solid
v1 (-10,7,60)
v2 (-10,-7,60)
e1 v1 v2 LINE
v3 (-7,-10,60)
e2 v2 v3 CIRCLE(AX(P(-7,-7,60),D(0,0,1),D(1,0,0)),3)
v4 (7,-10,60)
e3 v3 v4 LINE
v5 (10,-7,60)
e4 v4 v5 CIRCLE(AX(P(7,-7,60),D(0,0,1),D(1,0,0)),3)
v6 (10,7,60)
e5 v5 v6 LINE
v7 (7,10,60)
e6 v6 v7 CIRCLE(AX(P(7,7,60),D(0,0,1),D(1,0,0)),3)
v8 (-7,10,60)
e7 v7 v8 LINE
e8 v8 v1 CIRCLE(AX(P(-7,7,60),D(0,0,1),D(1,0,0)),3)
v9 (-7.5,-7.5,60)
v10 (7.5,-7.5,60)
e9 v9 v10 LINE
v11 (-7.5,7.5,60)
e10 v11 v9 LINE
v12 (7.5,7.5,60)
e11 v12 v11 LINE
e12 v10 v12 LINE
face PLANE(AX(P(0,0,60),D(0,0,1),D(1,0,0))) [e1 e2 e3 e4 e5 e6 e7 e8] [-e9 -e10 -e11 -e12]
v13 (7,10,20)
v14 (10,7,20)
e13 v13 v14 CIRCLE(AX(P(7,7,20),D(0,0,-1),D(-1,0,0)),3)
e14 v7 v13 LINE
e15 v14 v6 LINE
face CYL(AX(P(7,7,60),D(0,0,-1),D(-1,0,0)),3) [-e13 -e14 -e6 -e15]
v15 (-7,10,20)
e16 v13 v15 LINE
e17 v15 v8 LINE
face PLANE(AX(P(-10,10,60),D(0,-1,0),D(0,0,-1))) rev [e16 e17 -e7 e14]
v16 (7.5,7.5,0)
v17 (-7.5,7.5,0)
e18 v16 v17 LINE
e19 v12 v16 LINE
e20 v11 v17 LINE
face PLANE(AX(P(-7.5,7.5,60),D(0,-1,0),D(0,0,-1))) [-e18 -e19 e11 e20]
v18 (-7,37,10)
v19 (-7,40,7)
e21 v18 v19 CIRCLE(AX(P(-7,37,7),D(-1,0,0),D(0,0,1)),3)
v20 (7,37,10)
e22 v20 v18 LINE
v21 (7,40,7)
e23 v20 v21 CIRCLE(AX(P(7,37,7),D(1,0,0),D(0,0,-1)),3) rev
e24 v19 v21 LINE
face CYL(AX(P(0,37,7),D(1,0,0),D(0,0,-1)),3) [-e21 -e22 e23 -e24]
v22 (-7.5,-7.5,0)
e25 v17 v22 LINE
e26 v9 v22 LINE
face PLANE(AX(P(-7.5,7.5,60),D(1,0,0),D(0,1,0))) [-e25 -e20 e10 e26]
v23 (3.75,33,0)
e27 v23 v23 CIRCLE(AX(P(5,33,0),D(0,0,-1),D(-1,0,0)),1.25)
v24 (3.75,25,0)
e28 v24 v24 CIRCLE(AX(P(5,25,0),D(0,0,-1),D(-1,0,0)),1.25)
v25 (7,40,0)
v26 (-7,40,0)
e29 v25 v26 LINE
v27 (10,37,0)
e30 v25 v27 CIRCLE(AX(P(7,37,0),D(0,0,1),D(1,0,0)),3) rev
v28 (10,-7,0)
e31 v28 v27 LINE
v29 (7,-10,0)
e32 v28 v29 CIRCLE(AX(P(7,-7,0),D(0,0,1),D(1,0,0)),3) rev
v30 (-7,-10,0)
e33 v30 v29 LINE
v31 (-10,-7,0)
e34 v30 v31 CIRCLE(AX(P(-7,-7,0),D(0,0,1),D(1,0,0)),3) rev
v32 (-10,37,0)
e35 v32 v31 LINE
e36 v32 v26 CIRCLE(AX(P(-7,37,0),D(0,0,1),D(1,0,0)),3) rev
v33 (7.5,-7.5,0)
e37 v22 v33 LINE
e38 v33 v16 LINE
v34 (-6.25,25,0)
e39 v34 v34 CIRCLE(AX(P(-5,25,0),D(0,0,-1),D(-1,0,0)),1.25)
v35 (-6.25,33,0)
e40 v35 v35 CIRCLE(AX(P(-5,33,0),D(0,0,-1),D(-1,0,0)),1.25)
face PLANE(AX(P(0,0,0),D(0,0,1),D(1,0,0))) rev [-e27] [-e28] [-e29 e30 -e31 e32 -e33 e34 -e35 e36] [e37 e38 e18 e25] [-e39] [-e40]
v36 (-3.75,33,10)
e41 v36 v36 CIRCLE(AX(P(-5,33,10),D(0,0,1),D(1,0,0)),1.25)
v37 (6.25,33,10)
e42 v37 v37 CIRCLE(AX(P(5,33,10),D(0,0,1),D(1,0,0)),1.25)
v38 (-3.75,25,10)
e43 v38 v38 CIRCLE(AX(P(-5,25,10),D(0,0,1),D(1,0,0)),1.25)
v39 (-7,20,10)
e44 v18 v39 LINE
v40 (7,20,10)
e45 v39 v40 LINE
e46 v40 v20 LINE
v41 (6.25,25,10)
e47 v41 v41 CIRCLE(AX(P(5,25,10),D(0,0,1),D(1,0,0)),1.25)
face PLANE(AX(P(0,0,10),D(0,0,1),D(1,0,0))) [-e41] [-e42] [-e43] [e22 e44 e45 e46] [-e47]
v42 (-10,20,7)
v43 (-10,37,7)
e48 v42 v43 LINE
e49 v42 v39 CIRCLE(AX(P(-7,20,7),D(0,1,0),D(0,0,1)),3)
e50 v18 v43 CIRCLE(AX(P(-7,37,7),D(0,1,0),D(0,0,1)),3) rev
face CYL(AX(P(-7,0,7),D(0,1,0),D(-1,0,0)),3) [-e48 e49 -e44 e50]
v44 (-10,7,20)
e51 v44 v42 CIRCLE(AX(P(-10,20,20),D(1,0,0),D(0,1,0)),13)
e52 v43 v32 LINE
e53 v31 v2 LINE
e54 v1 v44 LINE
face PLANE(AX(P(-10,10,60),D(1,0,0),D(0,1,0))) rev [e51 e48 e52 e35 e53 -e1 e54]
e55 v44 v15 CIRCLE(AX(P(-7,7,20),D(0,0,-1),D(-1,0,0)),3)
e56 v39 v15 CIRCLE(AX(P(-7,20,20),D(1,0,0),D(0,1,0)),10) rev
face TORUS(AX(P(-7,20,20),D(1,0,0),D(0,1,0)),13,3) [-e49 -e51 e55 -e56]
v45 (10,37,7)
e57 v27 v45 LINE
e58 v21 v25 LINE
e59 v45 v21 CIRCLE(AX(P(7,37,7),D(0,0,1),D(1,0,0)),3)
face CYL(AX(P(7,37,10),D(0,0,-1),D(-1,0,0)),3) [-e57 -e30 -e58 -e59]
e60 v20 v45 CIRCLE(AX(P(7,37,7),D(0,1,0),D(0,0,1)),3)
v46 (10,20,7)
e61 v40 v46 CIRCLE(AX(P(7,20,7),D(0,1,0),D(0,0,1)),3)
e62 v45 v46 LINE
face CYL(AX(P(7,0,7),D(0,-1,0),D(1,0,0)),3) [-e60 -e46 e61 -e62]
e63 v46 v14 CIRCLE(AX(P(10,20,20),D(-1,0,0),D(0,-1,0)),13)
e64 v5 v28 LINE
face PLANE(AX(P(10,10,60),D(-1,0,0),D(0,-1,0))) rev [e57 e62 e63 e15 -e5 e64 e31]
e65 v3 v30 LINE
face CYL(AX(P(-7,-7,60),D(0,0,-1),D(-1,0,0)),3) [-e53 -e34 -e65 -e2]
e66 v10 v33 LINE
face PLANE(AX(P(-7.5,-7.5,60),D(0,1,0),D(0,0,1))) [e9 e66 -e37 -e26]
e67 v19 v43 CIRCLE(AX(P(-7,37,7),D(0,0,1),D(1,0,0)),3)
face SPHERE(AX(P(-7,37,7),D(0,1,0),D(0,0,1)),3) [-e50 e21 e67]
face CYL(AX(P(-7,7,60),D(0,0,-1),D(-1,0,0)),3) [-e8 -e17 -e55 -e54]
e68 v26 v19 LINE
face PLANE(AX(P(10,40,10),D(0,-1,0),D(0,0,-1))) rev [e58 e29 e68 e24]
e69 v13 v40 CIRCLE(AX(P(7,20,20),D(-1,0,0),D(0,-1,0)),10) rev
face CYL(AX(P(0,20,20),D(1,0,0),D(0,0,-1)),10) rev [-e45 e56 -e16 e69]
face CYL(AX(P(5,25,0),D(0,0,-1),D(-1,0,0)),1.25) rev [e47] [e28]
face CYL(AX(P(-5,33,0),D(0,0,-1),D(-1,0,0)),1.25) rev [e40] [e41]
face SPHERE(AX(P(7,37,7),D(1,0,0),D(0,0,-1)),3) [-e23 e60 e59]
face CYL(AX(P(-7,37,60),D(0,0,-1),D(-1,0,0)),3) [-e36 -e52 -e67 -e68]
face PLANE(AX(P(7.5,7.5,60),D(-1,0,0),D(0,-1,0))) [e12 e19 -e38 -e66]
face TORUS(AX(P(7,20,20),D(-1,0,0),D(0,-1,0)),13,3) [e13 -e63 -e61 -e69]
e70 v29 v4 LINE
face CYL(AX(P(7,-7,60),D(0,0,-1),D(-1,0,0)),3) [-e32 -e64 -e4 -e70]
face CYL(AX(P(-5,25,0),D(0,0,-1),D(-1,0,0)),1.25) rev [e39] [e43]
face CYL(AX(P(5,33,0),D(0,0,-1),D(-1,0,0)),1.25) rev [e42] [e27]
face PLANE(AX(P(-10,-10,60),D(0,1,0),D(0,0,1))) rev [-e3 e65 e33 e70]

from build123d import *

# Parameters (mm, degrees)
SKETCH_4_W      = 20
SKETCH_4_H      = 20
SKETCH_4_W_2    = 15
SKETCH_4_H_2    = 15
EXTRUDE_3_DEPTH = 60
SKETCH_5_W      = 20
SKETCH_5_H      = 30
EXTRUDE_4_DEPTH = 10
M3X0_5_1_D      = 2.5
FILLET_1_R      = 10
FILLET_2_R      = 3
FILLET_3_R      = 3


with BuildPart() as part:
    # ｽｹｯﾁ4 → ﾎﾞｽ - 押し出し3 (new body)
    with BuildSketch(Plane.XY):
        Rectangle(SKETCH_4_W, SKETCH_4_H)
        Rectangle(SKETCH_4_W_2, SKETCH_4_H_2, mode=Mode.SUBTRACT)
    extrude(amount=EXTRUDE_3_DEPTH)

    # ｽｹｯﾁ5 → ﾎﾞｽ - 押し出し4 (add)
    with BuildSketch(Plane.XY):
        with Locations((0, 25)):
            Rectangle(SKETCH_5_W, SKETCH_5_H)
    extrude(amount=EXTRUDE_4_DEPTH)

    # M3x0.5 ねじ穴1 (through all)
    with Locations(Plane(origin=(0, 0, 0), x_dir=(-1, 0, 0), z_dir=(0, 0, -1))):
        with Locations((-5, 25), (-5, 33), (5, 33), (5, 25)):
            Hole(M3X0_5_1_D / 2)

    # ﾌｨﾚｯﾄ1
    fillet_1_edges = [part.edges().sort_by_distance(p)[0] for p in [
        (0, 10, 10),
    ]]
    fillet(fillet_1_edges, radius=FILLET_1_R)

    # ﾌｨﾚｯﾄ2
    fillet_2_edges = [part.edges().sort_by_distance(p)[0] for p in [
        (10, 40, 5),
        (-10, 40, 5),
        (0, 40, 10),
        (-10, 30, 10),
        (10, 30, 10),
        (10, 12.928932188, 12.928932188),
        (-10, 12.928932188, 12.928932188),
        (-10, 10, 40),
        (10, 10, 40),
    ]]
    fillet(fillet_2_edges, radius=FILLET_2_R)

    # ﾌｨﾚｯﾄ3
    fillet_3_edges = [part.edges().sort_by_distance(p)[0] for p in [
        (10, -10, 30),
        (-10, -10, 30),
    ]]
    fillet(fillet_3_edges, radius=FILLET_3_R)


solid = part.part
